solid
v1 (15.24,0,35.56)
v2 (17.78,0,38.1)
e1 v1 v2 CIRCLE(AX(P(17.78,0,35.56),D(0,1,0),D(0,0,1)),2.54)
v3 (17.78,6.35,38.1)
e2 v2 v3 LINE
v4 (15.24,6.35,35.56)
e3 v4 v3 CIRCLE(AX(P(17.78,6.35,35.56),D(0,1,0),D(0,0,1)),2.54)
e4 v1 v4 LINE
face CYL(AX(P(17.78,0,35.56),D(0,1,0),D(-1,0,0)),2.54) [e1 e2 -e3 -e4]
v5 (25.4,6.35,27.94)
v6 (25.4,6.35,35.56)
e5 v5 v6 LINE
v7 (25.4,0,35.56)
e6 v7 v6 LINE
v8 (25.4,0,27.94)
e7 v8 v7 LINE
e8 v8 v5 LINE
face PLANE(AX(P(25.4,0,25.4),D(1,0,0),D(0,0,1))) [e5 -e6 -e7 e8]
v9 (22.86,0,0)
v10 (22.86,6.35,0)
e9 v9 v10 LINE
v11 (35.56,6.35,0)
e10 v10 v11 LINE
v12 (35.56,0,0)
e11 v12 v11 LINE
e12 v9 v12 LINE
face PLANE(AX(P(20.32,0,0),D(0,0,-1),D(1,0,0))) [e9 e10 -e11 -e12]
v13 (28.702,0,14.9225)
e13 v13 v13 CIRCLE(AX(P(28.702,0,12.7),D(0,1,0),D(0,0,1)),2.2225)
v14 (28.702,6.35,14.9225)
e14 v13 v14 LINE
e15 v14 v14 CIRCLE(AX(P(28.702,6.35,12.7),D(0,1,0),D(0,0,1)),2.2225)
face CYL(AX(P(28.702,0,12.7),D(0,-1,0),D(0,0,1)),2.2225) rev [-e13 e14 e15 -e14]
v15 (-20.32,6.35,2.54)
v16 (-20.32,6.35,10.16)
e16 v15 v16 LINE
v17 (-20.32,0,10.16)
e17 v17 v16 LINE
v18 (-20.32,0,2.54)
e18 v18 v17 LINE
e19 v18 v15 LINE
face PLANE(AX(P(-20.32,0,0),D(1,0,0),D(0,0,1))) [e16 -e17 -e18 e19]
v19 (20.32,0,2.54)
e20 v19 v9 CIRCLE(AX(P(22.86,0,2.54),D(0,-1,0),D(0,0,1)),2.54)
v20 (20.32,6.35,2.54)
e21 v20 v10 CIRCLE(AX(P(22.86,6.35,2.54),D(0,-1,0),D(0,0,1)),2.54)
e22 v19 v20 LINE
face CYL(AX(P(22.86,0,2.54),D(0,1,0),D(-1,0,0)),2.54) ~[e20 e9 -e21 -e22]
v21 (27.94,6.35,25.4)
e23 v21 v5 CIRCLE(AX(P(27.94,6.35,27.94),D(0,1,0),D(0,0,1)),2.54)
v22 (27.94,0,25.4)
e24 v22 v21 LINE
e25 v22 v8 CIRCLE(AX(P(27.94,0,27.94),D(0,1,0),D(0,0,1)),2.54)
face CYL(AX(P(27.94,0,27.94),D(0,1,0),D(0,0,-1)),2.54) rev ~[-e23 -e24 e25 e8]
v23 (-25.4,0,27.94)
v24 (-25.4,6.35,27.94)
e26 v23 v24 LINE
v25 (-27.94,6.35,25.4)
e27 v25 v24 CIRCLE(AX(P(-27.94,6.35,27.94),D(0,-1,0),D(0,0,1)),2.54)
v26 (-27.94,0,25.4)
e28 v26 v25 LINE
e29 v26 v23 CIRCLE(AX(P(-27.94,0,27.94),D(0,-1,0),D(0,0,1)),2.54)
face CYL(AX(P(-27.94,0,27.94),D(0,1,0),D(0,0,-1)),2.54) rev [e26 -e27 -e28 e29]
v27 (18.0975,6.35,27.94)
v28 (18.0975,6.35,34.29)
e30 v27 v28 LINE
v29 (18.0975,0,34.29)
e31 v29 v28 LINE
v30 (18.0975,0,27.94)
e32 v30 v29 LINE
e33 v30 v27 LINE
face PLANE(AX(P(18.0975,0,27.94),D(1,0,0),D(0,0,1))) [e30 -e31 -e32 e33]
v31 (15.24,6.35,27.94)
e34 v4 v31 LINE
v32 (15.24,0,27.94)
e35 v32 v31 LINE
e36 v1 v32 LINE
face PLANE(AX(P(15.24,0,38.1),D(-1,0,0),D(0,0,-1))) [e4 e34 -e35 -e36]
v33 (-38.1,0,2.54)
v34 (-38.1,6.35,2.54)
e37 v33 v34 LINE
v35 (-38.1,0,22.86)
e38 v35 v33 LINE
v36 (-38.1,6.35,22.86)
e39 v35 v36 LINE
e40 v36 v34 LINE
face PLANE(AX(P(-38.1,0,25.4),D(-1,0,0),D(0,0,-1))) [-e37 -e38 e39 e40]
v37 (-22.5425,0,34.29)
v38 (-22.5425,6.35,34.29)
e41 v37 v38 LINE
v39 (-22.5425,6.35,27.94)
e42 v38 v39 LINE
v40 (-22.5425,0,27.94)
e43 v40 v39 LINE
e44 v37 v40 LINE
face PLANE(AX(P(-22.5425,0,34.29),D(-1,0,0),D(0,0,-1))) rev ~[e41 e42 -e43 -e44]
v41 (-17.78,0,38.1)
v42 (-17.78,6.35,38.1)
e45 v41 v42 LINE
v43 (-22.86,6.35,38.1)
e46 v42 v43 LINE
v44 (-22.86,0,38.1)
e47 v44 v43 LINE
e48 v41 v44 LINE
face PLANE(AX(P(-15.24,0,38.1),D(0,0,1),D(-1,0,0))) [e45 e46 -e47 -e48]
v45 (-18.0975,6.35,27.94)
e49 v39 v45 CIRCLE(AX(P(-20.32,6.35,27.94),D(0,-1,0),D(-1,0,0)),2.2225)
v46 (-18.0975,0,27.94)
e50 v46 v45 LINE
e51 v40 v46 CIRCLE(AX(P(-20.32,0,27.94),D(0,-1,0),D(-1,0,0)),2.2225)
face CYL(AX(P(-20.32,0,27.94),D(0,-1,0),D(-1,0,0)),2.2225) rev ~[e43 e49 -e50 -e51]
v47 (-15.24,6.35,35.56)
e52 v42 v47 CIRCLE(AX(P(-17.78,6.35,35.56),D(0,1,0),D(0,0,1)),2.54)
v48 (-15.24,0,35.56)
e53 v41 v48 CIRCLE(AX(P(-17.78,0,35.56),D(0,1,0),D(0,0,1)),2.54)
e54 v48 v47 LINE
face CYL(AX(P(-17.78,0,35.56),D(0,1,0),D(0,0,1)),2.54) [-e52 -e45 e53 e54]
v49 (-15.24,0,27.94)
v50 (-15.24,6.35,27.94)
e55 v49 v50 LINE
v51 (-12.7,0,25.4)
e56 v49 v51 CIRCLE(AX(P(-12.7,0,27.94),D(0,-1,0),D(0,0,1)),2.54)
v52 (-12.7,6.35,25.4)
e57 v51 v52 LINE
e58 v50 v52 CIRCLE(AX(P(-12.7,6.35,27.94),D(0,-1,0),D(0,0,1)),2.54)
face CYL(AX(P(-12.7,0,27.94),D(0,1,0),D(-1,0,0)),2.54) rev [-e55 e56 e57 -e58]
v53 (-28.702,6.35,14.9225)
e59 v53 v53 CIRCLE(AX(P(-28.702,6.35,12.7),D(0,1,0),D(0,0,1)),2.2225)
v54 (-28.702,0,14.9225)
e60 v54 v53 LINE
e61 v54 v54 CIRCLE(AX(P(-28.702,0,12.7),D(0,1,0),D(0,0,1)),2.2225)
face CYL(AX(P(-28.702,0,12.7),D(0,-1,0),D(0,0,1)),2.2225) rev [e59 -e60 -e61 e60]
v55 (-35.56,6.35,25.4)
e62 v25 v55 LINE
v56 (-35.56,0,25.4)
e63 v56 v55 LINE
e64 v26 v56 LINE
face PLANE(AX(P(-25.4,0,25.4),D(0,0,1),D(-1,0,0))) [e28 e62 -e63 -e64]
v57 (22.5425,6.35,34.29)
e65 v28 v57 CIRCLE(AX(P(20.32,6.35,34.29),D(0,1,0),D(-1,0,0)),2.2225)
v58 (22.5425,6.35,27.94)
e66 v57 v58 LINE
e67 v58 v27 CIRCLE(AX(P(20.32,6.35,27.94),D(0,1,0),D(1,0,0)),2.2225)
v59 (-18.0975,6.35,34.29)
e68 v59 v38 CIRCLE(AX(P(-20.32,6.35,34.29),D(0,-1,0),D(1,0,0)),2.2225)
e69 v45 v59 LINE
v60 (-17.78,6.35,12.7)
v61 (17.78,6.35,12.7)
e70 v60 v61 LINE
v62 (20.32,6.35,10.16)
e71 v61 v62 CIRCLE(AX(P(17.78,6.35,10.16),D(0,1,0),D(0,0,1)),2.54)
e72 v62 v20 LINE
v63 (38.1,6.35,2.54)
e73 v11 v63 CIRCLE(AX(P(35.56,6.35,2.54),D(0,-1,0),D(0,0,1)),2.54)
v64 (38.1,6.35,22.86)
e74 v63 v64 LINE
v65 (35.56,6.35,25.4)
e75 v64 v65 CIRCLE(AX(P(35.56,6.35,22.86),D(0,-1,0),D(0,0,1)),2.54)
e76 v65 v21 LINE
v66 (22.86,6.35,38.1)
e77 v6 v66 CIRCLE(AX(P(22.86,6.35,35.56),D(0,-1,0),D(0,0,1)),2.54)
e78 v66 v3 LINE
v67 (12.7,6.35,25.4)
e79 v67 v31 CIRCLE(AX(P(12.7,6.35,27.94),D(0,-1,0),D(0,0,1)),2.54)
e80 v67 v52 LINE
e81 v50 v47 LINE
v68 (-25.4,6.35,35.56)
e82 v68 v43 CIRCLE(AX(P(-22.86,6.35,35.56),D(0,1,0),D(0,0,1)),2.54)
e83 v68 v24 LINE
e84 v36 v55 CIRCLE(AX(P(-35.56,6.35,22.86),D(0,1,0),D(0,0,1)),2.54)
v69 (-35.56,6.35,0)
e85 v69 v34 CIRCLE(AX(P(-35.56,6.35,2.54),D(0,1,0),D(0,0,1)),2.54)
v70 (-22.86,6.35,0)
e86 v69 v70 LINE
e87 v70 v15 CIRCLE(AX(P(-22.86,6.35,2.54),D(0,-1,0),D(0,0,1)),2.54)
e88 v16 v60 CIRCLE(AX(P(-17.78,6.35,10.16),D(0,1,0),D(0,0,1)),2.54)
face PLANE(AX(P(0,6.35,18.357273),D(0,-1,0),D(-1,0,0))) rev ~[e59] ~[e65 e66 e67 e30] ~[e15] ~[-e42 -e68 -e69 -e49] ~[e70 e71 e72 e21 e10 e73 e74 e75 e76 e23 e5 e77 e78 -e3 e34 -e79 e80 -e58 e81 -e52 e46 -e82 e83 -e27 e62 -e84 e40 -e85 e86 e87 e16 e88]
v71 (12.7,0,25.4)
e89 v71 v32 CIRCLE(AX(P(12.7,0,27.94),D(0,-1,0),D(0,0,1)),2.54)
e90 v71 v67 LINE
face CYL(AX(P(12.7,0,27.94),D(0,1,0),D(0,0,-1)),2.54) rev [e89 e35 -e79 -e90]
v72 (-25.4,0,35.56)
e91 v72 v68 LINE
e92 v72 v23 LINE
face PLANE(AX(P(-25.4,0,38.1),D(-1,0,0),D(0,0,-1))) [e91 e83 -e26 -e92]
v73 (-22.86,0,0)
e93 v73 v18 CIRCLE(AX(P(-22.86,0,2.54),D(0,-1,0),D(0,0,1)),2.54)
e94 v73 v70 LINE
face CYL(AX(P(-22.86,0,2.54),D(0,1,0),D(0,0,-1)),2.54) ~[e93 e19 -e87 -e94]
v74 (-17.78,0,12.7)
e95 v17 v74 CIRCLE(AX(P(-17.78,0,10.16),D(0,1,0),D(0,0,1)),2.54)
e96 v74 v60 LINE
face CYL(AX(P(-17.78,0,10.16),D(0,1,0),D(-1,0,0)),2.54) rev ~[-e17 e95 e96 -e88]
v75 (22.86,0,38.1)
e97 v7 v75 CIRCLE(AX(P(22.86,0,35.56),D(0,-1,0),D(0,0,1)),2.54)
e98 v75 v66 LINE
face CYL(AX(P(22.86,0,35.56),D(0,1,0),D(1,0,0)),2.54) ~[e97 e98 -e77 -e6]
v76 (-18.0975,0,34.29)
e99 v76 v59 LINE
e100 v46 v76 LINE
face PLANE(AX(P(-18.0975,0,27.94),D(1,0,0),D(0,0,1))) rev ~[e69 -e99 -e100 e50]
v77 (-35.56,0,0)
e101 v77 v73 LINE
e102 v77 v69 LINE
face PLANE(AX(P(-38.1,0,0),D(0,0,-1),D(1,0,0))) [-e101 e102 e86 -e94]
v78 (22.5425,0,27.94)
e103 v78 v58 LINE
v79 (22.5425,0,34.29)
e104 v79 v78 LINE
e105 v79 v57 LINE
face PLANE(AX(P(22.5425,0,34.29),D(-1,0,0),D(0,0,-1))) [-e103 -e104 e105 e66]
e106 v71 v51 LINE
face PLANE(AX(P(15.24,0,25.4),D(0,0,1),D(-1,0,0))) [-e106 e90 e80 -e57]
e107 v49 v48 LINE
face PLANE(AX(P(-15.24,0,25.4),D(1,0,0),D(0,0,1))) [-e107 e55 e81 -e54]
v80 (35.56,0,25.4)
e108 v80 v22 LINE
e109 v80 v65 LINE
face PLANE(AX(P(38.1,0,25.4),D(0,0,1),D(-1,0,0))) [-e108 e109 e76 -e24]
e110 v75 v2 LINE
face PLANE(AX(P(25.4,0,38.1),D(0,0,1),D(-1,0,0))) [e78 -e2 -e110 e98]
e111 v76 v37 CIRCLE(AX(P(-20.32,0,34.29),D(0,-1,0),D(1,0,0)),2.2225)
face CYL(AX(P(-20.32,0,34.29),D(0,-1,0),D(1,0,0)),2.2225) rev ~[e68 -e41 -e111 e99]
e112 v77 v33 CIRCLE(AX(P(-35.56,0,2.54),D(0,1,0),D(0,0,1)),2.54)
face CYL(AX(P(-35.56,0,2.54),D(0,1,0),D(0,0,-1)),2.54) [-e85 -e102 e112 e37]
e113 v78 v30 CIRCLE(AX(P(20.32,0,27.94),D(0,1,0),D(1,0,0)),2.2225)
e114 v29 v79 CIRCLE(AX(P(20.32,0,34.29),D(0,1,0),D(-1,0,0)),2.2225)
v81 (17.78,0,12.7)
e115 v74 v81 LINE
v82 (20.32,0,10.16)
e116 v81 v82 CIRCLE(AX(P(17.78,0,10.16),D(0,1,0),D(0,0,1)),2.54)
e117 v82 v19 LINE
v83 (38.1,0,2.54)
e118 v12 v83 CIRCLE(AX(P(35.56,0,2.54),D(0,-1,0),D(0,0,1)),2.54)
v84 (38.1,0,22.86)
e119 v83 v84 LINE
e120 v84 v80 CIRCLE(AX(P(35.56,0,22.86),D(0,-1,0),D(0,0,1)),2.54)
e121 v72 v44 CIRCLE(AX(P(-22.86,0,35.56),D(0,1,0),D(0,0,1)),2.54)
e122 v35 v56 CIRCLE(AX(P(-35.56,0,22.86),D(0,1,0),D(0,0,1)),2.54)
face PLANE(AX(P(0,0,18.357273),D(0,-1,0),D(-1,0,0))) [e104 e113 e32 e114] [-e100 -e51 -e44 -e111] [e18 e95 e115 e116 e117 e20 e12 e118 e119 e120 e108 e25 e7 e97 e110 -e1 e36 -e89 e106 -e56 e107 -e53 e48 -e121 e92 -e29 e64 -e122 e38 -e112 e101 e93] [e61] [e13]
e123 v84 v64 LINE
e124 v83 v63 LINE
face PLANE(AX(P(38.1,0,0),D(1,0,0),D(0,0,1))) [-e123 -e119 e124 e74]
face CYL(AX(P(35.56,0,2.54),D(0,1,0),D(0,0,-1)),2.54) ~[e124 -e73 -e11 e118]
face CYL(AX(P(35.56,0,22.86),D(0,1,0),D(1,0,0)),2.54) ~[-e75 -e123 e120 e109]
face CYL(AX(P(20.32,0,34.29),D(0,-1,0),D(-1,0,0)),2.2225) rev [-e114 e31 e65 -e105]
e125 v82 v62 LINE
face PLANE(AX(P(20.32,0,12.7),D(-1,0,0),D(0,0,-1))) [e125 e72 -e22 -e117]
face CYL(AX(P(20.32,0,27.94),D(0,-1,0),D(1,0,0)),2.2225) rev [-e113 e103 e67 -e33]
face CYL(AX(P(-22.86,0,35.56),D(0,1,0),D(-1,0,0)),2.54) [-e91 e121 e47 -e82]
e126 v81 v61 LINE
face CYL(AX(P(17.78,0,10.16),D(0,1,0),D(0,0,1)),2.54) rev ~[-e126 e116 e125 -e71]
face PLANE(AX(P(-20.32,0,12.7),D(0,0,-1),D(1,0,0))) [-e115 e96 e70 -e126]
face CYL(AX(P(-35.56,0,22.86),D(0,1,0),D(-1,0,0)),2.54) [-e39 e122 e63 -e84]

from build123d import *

# Parameters (mm, degrees)
SKETCH1_R           = 2.2225
BOSS_EXTRUDE1_DEPTH = 6.35
FILLET1_R           = 2.54


with BuildPart() as part:
    # Sketch1 → Boss-Extrude1 (new body)
    with BuildSketch(Plane(origin=(0, 0, 0), x_dir=(1, 0, 0), z_dir=(0, 1, 0))):
        Polygon((-38.1, 0), (-20.32, 0), (-20.32, -12.7), (20.32, -12.7), (20.32, 0), (38.1, 0), (38.1, -25.4), (25.4, -25.4), (25.4, -38.1), (15.24, -38.1), (15.24, -25.4), (-15.24, -25.4), (-15.24, -38.1), (-25.4, -38.1), (-25.4, -25.4), (-38.1, -25.4), align=None)
        with Locations(Location((-28.702, -12.7, 0), (0, 0, 270))):
            Circle(SKETCH1_R, mode=Mode.SUBTRACT)
        with Locations(Location((28.702, -12.7, 0), (0, 0, 270))):
            Circle(SKETCH1_R, mode=Mode.SUBTRACT)
        with BuildLine():
            Line((-18.0975, -27.94), (-18.0975, -34.29))
            ThreePointArc((-18.0975, -34.29), (-20.32, -36.5125), (-22.5425, -34.29))
            Line((-22.5425, -34.29), (-22.5425, -27.94))
            ThreePointArc((-22.5425, -27.94), (-20.32, -25.7175), (-18.0975, -27.94))
        make_face(mode=Mode.SUBTRACT)
        with BuildLine():
            Line((18.0975, -27.94), (18.0975, -34.29))
            ThreePointArc((18.0975, -34.29), (20.32, -36.5125), (22.5425, -34.29))
            Line((22.5425, -34.29), (22.5425, -27.94))
            ThreePointArc((22.5425, -27.94), (20.32, -25.7175), (18.0975, -27.94))
        make_face(mode=Mode.SUBTRACT)
    extrude(amount=BOSS_EXTRUDE1_DEPTH)

    # Fillet1
    fillet1_edges = [part.edges().sort_by_distance(p)[0] for p in [
        (38.1, 3.175, 0),
        (38.1, 3.175, 25.4),
        (25.4, 3.175, 25.4),
        (25.4, 3.175, 38.1),
        (15.24, 3.175, 38.1),
        (15.24, 3.175, 25.4),
        (-15.24, 3.175, 25.4),
        (-15.24, 3.175, 38.1),
        (-25.4, 3.175, 38.1),
        (-25.4, 3.175, 25.4),
        (-38.1, 3.175, 25.4),
        (-38.1, 3.175, 0),
        (-20.32, 3.175, 0),
        (-20.32, 3.175, 12.7),
        (20.32, 3.175, 12.7),
        (20.32, 3.175, 0),
    ]]
    fillet(fillet1_edges, radius=FILLET1_R)


solid = part.part
